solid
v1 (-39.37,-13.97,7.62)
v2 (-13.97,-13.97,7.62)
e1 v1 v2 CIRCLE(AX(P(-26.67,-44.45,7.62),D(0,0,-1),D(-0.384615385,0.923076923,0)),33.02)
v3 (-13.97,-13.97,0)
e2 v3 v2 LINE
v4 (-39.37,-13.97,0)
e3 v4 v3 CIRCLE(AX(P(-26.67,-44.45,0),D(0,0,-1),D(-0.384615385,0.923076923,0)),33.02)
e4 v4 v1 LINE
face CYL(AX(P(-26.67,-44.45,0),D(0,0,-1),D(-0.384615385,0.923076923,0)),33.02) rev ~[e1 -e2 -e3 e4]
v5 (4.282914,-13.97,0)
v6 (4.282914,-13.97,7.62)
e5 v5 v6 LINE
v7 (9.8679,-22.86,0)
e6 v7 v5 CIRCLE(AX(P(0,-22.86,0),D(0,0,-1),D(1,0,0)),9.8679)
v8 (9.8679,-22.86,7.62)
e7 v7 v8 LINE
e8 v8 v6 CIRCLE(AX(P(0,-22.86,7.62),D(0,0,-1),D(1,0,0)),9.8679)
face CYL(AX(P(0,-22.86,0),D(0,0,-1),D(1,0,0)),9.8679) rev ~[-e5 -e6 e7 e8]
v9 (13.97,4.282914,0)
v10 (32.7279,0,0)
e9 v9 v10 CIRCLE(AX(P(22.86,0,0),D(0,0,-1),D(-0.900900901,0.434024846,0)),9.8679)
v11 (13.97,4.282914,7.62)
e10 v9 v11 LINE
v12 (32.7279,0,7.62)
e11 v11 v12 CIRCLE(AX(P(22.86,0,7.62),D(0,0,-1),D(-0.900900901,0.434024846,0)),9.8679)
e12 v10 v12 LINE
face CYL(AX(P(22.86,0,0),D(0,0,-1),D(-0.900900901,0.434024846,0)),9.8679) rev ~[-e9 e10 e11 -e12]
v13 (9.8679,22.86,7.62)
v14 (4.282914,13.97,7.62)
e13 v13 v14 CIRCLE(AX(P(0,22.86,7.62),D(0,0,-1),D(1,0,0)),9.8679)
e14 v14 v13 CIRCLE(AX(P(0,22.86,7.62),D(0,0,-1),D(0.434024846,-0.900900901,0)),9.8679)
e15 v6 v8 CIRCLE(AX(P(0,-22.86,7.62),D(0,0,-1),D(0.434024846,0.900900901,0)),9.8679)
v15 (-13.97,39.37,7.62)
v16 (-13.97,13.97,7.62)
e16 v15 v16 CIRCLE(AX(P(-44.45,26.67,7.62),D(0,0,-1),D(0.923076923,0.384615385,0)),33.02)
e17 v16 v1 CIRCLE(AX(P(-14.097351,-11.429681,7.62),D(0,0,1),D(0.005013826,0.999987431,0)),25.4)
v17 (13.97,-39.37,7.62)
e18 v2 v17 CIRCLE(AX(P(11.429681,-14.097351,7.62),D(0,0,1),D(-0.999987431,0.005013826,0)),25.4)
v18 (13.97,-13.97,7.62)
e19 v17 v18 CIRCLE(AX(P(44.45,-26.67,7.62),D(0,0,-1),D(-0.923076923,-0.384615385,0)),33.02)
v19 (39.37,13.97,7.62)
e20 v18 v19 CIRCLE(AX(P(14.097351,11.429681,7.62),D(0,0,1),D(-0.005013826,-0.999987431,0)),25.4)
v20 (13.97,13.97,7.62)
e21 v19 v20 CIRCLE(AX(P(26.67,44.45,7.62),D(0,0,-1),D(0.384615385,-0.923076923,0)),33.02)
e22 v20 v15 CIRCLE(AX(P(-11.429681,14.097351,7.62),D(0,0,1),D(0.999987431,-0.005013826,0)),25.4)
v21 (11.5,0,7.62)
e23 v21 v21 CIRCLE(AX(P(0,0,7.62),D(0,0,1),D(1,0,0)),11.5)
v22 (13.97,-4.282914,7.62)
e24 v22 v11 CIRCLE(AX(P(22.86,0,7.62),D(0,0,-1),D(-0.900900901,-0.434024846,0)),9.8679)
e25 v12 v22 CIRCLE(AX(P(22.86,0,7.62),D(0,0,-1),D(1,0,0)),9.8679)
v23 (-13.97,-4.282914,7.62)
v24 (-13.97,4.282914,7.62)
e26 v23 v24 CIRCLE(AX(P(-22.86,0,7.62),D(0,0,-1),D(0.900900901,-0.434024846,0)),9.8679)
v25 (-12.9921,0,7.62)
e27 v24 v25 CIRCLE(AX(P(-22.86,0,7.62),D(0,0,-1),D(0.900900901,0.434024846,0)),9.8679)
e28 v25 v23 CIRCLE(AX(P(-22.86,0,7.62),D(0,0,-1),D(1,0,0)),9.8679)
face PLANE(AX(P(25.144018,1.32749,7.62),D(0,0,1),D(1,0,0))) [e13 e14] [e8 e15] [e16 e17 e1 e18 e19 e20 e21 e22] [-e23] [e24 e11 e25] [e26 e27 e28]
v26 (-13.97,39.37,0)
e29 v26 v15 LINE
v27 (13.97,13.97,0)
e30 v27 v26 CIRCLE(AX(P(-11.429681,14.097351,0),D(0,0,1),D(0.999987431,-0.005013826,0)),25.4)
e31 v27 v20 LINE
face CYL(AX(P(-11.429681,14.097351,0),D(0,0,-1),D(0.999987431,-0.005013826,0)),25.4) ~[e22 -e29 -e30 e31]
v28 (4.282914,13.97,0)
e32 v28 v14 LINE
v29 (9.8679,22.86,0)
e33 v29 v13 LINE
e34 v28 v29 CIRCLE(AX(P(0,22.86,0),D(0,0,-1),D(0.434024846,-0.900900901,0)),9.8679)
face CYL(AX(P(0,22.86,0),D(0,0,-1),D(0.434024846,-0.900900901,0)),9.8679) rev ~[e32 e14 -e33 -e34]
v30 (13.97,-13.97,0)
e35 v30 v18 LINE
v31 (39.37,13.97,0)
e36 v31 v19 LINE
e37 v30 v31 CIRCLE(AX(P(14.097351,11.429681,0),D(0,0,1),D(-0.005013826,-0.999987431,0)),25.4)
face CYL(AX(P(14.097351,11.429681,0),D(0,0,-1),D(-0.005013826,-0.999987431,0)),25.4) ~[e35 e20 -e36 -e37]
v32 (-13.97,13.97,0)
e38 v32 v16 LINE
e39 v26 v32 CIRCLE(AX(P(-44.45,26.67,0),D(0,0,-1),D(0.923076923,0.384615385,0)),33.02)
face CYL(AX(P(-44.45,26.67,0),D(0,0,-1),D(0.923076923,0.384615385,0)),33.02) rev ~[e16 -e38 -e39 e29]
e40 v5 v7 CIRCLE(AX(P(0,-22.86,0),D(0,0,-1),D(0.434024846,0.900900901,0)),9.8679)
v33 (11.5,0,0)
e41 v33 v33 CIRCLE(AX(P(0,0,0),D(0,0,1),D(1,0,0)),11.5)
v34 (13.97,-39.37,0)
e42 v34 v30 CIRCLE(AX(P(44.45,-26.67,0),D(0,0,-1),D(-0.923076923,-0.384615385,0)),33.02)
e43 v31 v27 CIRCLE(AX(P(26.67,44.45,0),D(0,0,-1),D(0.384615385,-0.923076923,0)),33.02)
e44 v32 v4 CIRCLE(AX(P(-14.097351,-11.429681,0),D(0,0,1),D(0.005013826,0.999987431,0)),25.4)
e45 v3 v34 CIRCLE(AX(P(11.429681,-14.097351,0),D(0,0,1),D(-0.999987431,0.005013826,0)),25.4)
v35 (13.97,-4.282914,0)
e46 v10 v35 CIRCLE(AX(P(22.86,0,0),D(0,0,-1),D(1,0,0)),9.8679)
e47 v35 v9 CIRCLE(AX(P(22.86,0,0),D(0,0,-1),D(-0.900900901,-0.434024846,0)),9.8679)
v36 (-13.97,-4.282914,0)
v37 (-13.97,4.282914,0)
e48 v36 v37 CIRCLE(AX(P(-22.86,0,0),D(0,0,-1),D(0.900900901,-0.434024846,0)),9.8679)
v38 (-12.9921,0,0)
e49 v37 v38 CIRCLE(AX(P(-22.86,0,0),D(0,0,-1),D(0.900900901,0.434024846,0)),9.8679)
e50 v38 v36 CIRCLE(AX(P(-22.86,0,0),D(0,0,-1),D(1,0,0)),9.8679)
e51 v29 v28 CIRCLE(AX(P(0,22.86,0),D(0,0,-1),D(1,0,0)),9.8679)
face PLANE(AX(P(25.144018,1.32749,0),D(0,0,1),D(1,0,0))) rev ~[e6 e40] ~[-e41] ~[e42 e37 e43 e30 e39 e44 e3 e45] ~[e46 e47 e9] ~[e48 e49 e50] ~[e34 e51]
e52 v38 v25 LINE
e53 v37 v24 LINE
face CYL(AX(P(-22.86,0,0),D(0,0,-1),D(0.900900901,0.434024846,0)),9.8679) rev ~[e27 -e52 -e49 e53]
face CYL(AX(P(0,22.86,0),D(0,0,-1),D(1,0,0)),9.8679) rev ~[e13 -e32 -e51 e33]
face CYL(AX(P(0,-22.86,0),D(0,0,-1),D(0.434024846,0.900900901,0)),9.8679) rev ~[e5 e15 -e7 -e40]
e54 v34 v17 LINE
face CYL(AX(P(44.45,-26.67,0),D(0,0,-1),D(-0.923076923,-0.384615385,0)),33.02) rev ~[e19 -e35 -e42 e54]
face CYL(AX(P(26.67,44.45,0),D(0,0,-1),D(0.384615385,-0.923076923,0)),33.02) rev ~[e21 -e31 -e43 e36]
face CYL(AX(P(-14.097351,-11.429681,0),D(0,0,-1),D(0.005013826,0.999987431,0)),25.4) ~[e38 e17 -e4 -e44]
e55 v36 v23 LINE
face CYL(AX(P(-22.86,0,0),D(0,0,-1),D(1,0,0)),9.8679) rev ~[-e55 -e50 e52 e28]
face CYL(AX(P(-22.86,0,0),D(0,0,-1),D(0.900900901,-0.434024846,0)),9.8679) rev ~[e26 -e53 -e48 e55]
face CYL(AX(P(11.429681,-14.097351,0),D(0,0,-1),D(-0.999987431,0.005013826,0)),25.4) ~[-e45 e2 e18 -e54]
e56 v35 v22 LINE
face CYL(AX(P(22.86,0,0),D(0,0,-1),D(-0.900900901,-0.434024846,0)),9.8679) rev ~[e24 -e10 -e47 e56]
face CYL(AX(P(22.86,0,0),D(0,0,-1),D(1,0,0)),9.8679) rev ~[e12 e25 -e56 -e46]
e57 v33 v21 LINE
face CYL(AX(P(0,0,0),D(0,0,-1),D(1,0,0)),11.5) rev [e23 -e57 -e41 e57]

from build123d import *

# Parameters (mm, degrees)
F0_R     = 11.5
F1_DEPTH = 7.62


with BuildPart() as f1:
    # F0 (on Top) → F1 (new body)
    with BuildSketch(Plane.XY):
        with BuildLine():
            Line((13.97, -4.2829137757), (13.97, -13.97))
            ThreePointArc((13.97, -13.97), (32.8918290507, -5.6562082279), (39.37, 13.97))
            ThreePointArc((39.37, 13.97), (26.67, 11.43), (13.97, 13.97))
            Line((13.97, 13.97), (13.97, 4.2829137757))
            ThreePointArc((13.97, 4.2829137757), (25.0565677101, 9.6203191582), (32.7279, 0))
            ThreePointArc((32.7279, 0), (25.0565677101, -9.6203191582), (13.97, -4.2829137757))
        make_face()
        with BuildLine():
            Line((4.2829137757, 13.97), (13.97, 13.97))
            ThreePointArc((13.97, 13.97), (5.6562082279, 32.8918290507), (-13.97, 39.37))
            ThreePointArc((-13.97, 39.37), (-11.43, 26.67), (-13.97, 13.97))
            Line((-13.97, 13.97), (-4.2829137757, 13.97))
            ThreePointArc((-4.2829137757, 13.97), (-5.2493849908, 31.2158008371), (9.8679, 22.86))
            ThreePointArc((9.8679, 22.86), (8.3558008371, 17.6106150092), (4.2829137757, 13.97))
        make_face()
        with BuildLine():
            ThreePointArc((-39.37, -13.97), (-26.67, -11.43), (-13.97, -13.97))
            Line((-13.97, -13.97), (-13.97, -4.2829137757))
            ThreePointArc((-13.97, -4.2829137757), (-32.7279, 0), (-13.97, 4.2829137757))
            Line((-13.97, 4.2829137757), (-13.97, 13.97))
            ThreePointArc((-13.97, 13.97), (-32.8918290507, 5.6562082279), (-39.37, -13.97))
        make_face()
        with BuildLine():
            Line((4.2829137757, -13.97), (13.97, -13.97))
            Line((13.97, -13.97), (13.97, -4.2829137757))
            ThreePointArc((13.97, -4.2829137757), (12.9921, 0), (13.97, 4.2829137757))
            Line((13.97, 4.2829137757), (13.97, 13.97))
            Line((13.97, 13.97), (4.2829137757, 13.97))
            ThreePointArc((4.2829137757, 13.97), (0, 12.9921), (-4.2829137757, 13.97))
            Line((-4.2829137757, 13.97), (-13.97, 13.97))
            Line((-13.97, 13.97), (-13.97, 4.2829137757))
            ThreePointArc((-13.97, 4.2829137757), (-13.2396808418, 2.1965677101), (-12.9921, 0))
            ThreePointArc((-12.9921, 0), (-13.2396808418, -2.1965677101), (-13.97, -4.2829137757))
            Line((-13.97, -4.2829137757), (-13.97, -13.97))
            Line((-13.97, -13.97), (-4.2829137757, -13.97))
            ThreePointArc((-4.2829137757, -13.97), (0, -12.9921), (4.2829137757, -13.97))
        make_face()
        Circle(F0_R, mode=Mode.SUBTRACT)
        with BuildLine():
            ThreePointArc((13.97, -39.37), (11.43, -26.67), (13.97, -13.97))
            Line((13.97, -13.97), (4.2829137757, -13.97))
            ThreePointArc((4.2829137757, -13.97), (8.3558008371, -17.6106150092), (9.8679, -22.86))
            ThreePointArc((9.8679, -22.86), (-5.2493849908, -31.2158008371), (-4.2829137757, -13.97))
            Line((-4.2829137757, -13.97), (-13.97, -13.97))
            ThreePointArc((-13.97, -13.97), (-5.6562082279, -32.8918290507), (13.97, -39.37))
        make_face()
    extrude(amount=F1_DEPTH)


solid = f1.part
